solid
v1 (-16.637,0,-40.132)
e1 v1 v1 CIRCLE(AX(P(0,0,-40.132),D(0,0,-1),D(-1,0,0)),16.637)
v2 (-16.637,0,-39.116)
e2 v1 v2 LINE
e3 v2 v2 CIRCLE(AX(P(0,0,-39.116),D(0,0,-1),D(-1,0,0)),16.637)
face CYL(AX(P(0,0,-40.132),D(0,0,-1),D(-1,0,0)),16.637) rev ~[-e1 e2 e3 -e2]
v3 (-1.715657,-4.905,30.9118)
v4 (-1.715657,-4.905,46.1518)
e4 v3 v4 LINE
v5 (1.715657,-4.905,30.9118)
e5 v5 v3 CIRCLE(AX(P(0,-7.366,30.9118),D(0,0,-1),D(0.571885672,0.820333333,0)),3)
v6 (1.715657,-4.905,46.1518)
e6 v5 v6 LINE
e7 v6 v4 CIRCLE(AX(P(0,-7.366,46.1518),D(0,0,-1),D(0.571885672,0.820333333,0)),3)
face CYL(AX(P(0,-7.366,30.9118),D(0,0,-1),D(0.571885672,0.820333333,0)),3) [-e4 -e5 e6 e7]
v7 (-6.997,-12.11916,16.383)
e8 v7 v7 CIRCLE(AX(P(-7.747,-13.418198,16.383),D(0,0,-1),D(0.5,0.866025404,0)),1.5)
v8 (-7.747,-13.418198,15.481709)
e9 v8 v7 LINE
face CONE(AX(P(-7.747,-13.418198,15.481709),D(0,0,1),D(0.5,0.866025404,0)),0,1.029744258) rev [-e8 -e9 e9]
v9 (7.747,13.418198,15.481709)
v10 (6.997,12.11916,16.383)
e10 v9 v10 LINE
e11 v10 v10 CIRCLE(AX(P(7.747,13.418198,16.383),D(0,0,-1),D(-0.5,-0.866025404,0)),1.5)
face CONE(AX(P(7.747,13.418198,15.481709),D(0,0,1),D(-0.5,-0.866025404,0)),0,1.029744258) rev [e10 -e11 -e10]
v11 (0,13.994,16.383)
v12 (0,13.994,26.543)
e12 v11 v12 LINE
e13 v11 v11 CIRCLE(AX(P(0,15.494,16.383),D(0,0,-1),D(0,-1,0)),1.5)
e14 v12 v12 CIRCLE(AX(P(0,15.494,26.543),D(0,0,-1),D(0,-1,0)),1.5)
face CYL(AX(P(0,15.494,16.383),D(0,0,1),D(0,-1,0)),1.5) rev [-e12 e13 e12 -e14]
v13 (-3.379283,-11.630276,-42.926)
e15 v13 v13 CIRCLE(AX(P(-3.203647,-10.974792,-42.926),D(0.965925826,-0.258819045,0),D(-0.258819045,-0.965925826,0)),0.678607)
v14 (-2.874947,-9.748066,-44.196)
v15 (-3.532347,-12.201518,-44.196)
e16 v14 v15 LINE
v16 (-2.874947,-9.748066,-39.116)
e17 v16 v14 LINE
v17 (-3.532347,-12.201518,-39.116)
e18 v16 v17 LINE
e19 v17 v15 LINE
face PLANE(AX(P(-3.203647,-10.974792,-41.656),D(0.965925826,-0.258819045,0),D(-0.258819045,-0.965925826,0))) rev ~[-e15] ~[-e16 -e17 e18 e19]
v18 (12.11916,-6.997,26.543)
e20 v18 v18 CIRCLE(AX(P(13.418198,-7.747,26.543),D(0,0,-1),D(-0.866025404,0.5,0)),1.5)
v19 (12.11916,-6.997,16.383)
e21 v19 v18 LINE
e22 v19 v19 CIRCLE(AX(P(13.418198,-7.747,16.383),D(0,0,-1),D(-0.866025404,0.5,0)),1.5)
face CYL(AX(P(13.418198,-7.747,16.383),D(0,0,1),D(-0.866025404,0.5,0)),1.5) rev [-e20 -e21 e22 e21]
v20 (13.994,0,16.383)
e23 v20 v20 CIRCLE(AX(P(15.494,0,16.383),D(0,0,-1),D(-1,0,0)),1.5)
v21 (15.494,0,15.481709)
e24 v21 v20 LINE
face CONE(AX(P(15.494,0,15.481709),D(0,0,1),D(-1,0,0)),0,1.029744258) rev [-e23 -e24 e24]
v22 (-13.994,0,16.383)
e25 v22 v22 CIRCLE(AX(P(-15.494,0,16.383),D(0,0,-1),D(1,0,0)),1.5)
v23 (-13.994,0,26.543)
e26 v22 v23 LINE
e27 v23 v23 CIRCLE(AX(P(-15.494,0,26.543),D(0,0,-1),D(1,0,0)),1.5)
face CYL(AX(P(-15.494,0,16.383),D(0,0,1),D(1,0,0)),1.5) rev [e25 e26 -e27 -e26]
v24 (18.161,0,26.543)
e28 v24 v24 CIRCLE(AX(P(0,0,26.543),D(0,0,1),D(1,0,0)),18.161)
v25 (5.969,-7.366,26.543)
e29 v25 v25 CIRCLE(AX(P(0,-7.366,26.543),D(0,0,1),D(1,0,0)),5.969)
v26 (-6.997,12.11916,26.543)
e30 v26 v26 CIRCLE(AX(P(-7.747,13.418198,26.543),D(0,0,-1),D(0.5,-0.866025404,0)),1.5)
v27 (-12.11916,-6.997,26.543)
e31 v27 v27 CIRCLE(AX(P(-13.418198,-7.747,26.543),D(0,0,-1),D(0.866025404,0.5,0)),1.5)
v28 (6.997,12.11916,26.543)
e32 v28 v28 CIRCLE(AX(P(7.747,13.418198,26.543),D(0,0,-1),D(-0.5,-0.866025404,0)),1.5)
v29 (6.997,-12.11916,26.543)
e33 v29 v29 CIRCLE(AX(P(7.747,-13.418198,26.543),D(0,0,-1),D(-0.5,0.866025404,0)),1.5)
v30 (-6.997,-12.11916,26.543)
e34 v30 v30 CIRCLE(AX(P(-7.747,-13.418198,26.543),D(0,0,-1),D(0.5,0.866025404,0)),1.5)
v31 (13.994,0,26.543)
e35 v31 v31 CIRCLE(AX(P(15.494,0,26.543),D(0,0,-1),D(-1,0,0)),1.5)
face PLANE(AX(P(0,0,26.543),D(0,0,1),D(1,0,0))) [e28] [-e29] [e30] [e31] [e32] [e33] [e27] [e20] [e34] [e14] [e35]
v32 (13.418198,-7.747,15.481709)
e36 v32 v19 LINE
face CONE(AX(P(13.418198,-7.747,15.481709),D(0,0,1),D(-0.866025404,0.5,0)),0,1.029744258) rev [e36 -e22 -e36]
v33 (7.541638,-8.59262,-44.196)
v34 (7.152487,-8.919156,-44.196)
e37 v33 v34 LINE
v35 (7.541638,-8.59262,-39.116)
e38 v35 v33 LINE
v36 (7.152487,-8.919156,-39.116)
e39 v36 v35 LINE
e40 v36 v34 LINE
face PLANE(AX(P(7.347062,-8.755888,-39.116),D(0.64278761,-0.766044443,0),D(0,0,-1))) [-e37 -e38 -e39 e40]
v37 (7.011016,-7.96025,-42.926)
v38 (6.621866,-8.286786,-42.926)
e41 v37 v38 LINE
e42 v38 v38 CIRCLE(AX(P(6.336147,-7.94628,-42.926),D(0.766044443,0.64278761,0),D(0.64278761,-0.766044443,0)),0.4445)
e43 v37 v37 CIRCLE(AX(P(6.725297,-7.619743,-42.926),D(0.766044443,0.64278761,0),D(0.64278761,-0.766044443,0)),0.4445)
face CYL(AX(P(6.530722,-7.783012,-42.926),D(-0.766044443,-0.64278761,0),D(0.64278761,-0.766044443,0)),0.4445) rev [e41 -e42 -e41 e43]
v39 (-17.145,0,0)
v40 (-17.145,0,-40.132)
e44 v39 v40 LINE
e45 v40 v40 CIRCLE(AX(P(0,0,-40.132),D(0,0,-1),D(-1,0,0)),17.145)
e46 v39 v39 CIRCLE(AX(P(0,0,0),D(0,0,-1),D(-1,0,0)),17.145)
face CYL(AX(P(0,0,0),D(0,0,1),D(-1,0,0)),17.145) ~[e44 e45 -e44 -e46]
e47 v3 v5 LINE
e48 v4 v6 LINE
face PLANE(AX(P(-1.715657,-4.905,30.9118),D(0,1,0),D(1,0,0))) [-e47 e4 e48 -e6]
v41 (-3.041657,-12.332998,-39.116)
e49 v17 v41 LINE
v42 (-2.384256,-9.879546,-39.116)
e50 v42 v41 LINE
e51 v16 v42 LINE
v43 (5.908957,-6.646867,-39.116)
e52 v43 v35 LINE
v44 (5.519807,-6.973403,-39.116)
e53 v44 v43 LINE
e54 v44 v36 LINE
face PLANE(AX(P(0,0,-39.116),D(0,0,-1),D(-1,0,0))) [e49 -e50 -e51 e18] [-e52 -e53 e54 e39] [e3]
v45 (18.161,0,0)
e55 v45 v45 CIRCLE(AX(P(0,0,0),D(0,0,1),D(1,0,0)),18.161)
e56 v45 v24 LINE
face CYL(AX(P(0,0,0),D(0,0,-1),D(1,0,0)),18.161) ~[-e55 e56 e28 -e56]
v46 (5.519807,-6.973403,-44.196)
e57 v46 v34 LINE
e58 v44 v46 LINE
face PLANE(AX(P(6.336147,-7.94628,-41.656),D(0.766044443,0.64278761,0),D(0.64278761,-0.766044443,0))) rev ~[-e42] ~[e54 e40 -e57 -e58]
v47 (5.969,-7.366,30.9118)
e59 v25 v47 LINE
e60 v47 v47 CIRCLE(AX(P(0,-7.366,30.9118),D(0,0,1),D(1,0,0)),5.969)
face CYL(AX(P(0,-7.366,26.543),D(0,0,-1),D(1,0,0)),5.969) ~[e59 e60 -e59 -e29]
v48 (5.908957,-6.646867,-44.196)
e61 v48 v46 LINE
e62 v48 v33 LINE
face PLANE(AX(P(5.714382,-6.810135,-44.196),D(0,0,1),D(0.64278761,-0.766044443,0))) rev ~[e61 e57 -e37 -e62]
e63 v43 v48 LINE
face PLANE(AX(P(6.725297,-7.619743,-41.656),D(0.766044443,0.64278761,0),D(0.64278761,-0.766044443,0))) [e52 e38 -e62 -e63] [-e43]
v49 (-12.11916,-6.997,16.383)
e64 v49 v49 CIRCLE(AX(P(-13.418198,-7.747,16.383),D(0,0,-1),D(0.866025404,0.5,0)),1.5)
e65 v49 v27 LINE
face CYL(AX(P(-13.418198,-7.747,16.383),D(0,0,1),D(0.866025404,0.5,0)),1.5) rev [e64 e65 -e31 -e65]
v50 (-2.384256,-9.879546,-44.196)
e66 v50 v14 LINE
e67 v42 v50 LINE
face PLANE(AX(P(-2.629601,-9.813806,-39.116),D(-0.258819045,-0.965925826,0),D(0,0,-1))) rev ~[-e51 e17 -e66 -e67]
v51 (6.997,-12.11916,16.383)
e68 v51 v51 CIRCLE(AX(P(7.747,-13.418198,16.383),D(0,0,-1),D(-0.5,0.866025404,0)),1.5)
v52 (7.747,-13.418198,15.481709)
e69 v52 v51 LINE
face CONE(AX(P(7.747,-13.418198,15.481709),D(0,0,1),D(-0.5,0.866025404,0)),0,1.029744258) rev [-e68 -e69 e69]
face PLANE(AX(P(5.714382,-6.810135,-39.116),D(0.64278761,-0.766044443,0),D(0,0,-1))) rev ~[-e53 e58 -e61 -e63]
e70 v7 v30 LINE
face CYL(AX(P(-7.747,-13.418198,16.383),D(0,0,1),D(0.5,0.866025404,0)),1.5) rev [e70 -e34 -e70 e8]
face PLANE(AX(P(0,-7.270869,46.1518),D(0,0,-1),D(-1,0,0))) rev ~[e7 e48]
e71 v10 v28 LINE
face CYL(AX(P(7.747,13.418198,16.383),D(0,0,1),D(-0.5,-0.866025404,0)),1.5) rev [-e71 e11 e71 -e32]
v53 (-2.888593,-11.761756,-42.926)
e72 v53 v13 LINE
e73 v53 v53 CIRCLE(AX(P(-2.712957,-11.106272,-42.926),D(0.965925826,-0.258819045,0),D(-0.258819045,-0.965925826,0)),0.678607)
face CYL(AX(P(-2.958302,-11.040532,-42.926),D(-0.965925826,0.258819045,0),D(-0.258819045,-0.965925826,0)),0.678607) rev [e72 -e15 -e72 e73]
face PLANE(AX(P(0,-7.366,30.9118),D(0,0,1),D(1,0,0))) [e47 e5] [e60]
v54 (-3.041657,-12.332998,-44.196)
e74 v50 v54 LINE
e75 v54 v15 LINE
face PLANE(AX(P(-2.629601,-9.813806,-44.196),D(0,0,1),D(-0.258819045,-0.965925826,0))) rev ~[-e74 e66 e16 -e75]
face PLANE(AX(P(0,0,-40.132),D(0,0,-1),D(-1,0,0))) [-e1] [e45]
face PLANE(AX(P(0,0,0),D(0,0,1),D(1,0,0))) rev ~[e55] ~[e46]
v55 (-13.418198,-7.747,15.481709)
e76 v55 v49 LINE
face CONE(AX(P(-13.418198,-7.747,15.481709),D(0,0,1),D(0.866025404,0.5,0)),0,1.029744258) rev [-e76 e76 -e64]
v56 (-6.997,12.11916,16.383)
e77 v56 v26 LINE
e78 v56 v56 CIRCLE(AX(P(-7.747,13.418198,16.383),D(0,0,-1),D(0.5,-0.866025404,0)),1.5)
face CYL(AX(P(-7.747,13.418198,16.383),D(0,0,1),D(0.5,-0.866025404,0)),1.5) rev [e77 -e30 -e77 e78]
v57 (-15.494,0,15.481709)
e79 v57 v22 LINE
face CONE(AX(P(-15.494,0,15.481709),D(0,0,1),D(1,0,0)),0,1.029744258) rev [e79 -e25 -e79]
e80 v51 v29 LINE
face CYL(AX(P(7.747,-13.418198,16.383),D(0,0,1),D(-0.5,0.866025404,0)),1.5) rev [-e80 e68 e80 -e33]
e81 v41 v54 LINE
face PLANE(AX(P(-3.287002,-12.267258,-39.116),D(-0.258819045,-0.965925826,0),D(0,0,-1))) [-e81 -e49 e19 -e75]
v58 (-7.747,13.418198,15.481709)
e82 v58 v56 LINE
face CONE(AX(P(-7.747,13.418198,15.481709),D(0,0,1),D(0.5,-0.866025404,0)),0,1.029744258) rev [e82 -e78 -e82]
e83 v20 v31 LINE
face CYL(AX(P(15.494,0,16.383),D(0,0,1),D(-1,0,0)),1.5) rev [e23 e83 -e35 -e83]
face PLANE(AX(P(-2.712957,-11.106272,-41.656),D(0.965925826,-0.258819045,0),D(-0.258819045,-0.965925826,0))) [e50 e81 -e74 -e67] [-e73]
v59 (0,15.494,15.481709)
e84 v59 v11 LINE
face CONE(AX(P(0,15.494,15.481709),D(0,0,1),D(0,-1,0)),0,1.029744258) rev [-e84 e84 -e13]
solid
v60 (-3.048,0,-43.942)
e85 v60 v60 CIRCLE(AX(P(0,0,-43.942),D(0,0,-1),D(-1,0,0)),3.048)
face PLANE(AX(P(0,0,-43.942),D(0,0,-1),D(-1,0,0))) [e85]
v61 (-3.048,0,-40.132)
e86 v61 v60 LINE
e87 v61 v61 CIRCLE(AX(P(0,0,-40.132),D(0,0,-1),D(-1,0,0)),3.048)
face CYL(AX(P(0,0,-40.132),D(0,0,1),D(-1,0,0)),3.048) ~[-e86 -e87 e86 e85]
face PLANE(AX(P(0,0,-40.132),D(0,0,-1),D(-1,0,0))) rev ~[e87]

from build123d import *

# Parameters (mm, degrees)
SKETCH1_R           = 18.161
BOSS_EXTRUDE1_DEPTH = 26.543
SKETCH5_R           = 5.969
BOSS_EXTRUDE5_DEPTH = 4.3688
BOSS_EXTRUDE6_DEPTH = 15.24
CIRPATTERN2_COUNT   = 12
SKETCH2_R           = 17.145
BOSS_EXTRUDE2_DEPTH = 40.132
SKETCH3_R           = 3.048
BOSS_EXTRUDE3_DEPTH = 3.81
SKETCH13_R          = 16.637
CUT_EXTRUDE1_DEPTH  = 1.016
SKETCH15_W          = 2.54
SKETCH15_H          = 5.08
SKETCH15_R          = 0.4445
BOSS_EXTRUDE7_DEPTH = 0.254
SKETCH16_W          = 2.54
SKETCH16_H          = 5.08
SKETCH16_R          = 0.678606607
BOSS_EXTRUDE8_DEPTH = 0.254


with BuildPart() as part:
    # Sketch1 → Boss-Extrude1 (new body)
    with BuildSketch(Plane.XY):
        Circle(SKETCH1_R)
    extrude(amount=BOSS_EXTRUDE1_DEPTH)

    # Sketch5 → Boss-Extrude5 (add)
    with BuildSketch(Plane.XY.offset(26.543)):
        with Locations((0, -7.366)):
            Circle(SKETCH5_R)
    extrude(amount=BOSS_EXTRUDE5_DEPTH)

    # Sketch6 → Boss-Extrude6 (add)
    with BuildSketch(Plane.XY.offset(30.9118)):
        with BuildLine():
            Line((-1.715657017, -4.905), (1.715657017, -4.905))
            ThreePointArc((1.715657017, -4.905), (0, -10.366), (-1.715657017, -4.905))
        make_face()
    extrude(amount=BOSS_EXTRUDE6_DEPTH)

    # Sketch12 → Ø3.0mm Dowel Hole1 (revolve, cut)
    with BuildSketch(Plane(origin=(0, 15.494, 26.543), x_dir=(0, -1, 0), z_dir=(1, 0, 0))):
        Polygon((0, 0), (0, 11.061290929), (1.5, 10.16), (1.5, 0), align=None)
    f_3_0mm_dowel_hole1 = revolve(axis=Axis((0, 15.494, 32.893), (0, 0, -1)), mode=Mode.SUBTRACT)

    # CirPattern2: Ø3.0mm Dowel Hole1 ×12 about axis, 3 skipped
    cirpattern2_axis = Axis((0, 0, 0), (0, 0, -1))
    add([f_3_0mm_dowel_hole1.rotate(cirpattern2_axis, i * 360 / CIRPATTERN2_COUNT) for i in range(1, CIRPATTERN2_COUNT) if i not in (2, 6, 10)], mode=Mode.SUBTRACT)

    # Sketch2 → Boss-Extrude2 (add)
    with BuildSketch(Plane(origin=(0, 0, 0), x_dir=(-1, 0, 0), z_dir=(0, 0, -1))):
        Circle(SKETCH2_R)
    extrude(amount=BOSS_EXTRUDE2_DEPTH)

    # Sketch3 → Boss-Extrude3 (add)
    with BuildSketch(Plane(origin=(0, 0, -40.132), x_dir=(-1, 0, 0), z_dir=(0, 0, -1))):
        Circle(SKETCH3_R)
    extrude(amount=BOSS_EXTRUDE3_DEPTH)

    # Sketch13 → Cut-Extrude1 (cut)
    with BuildSketch(Plane(origin=(0, 0, -40.132), x_dir=(-1, 0, 0), z_dir=(0, 0, -1))):
        Circle(SKETCH13_R)
    extrude(amount=-CUT_EXTRUDE1_DEPTH, mode=Mode.SUBTRACT)

    # Sketch15 → Boss-Extrude7 (add, symmetric)
    with BuildSketch(Plane(origin=(0, 0, 0), x_dir=(0.64278761, -0.766044443, 0), z_dir=(0.766044443, 0.64278761, 0))):
        with Locations((10.16, 41.656)):
            Rectangle(SKETCH15_W, SKETCH15_H)
        with Locations((10.16, 42.926)):
            Circle(SKETCH15_R, mode=Mode.SUBTRACT)
    extrude(amount=BOSS_EXTRUDE7_DEPTH, both=True)

    # Sketch16 → Boss-Extrude8 (add, symmetric)
    with BuildSketch(Plane(origin=(0, 0, 0), x_dir=(-0.258819045, -0.965925826, 0), z_dir=(0.965925826, -0.258819045, 0))):
        with Locations((11.43, 41.656)):
            Rectangle(SKETCH16_W, SKETCH16_H)
        with Locations((11.43, 42.926)):
            Circle(SKETCH16_R, mode=Mode.SUBTRACT)
    extrude(amount=BOSS_EXTRUDE8_DEPTH, both=True)


solid = part.part
